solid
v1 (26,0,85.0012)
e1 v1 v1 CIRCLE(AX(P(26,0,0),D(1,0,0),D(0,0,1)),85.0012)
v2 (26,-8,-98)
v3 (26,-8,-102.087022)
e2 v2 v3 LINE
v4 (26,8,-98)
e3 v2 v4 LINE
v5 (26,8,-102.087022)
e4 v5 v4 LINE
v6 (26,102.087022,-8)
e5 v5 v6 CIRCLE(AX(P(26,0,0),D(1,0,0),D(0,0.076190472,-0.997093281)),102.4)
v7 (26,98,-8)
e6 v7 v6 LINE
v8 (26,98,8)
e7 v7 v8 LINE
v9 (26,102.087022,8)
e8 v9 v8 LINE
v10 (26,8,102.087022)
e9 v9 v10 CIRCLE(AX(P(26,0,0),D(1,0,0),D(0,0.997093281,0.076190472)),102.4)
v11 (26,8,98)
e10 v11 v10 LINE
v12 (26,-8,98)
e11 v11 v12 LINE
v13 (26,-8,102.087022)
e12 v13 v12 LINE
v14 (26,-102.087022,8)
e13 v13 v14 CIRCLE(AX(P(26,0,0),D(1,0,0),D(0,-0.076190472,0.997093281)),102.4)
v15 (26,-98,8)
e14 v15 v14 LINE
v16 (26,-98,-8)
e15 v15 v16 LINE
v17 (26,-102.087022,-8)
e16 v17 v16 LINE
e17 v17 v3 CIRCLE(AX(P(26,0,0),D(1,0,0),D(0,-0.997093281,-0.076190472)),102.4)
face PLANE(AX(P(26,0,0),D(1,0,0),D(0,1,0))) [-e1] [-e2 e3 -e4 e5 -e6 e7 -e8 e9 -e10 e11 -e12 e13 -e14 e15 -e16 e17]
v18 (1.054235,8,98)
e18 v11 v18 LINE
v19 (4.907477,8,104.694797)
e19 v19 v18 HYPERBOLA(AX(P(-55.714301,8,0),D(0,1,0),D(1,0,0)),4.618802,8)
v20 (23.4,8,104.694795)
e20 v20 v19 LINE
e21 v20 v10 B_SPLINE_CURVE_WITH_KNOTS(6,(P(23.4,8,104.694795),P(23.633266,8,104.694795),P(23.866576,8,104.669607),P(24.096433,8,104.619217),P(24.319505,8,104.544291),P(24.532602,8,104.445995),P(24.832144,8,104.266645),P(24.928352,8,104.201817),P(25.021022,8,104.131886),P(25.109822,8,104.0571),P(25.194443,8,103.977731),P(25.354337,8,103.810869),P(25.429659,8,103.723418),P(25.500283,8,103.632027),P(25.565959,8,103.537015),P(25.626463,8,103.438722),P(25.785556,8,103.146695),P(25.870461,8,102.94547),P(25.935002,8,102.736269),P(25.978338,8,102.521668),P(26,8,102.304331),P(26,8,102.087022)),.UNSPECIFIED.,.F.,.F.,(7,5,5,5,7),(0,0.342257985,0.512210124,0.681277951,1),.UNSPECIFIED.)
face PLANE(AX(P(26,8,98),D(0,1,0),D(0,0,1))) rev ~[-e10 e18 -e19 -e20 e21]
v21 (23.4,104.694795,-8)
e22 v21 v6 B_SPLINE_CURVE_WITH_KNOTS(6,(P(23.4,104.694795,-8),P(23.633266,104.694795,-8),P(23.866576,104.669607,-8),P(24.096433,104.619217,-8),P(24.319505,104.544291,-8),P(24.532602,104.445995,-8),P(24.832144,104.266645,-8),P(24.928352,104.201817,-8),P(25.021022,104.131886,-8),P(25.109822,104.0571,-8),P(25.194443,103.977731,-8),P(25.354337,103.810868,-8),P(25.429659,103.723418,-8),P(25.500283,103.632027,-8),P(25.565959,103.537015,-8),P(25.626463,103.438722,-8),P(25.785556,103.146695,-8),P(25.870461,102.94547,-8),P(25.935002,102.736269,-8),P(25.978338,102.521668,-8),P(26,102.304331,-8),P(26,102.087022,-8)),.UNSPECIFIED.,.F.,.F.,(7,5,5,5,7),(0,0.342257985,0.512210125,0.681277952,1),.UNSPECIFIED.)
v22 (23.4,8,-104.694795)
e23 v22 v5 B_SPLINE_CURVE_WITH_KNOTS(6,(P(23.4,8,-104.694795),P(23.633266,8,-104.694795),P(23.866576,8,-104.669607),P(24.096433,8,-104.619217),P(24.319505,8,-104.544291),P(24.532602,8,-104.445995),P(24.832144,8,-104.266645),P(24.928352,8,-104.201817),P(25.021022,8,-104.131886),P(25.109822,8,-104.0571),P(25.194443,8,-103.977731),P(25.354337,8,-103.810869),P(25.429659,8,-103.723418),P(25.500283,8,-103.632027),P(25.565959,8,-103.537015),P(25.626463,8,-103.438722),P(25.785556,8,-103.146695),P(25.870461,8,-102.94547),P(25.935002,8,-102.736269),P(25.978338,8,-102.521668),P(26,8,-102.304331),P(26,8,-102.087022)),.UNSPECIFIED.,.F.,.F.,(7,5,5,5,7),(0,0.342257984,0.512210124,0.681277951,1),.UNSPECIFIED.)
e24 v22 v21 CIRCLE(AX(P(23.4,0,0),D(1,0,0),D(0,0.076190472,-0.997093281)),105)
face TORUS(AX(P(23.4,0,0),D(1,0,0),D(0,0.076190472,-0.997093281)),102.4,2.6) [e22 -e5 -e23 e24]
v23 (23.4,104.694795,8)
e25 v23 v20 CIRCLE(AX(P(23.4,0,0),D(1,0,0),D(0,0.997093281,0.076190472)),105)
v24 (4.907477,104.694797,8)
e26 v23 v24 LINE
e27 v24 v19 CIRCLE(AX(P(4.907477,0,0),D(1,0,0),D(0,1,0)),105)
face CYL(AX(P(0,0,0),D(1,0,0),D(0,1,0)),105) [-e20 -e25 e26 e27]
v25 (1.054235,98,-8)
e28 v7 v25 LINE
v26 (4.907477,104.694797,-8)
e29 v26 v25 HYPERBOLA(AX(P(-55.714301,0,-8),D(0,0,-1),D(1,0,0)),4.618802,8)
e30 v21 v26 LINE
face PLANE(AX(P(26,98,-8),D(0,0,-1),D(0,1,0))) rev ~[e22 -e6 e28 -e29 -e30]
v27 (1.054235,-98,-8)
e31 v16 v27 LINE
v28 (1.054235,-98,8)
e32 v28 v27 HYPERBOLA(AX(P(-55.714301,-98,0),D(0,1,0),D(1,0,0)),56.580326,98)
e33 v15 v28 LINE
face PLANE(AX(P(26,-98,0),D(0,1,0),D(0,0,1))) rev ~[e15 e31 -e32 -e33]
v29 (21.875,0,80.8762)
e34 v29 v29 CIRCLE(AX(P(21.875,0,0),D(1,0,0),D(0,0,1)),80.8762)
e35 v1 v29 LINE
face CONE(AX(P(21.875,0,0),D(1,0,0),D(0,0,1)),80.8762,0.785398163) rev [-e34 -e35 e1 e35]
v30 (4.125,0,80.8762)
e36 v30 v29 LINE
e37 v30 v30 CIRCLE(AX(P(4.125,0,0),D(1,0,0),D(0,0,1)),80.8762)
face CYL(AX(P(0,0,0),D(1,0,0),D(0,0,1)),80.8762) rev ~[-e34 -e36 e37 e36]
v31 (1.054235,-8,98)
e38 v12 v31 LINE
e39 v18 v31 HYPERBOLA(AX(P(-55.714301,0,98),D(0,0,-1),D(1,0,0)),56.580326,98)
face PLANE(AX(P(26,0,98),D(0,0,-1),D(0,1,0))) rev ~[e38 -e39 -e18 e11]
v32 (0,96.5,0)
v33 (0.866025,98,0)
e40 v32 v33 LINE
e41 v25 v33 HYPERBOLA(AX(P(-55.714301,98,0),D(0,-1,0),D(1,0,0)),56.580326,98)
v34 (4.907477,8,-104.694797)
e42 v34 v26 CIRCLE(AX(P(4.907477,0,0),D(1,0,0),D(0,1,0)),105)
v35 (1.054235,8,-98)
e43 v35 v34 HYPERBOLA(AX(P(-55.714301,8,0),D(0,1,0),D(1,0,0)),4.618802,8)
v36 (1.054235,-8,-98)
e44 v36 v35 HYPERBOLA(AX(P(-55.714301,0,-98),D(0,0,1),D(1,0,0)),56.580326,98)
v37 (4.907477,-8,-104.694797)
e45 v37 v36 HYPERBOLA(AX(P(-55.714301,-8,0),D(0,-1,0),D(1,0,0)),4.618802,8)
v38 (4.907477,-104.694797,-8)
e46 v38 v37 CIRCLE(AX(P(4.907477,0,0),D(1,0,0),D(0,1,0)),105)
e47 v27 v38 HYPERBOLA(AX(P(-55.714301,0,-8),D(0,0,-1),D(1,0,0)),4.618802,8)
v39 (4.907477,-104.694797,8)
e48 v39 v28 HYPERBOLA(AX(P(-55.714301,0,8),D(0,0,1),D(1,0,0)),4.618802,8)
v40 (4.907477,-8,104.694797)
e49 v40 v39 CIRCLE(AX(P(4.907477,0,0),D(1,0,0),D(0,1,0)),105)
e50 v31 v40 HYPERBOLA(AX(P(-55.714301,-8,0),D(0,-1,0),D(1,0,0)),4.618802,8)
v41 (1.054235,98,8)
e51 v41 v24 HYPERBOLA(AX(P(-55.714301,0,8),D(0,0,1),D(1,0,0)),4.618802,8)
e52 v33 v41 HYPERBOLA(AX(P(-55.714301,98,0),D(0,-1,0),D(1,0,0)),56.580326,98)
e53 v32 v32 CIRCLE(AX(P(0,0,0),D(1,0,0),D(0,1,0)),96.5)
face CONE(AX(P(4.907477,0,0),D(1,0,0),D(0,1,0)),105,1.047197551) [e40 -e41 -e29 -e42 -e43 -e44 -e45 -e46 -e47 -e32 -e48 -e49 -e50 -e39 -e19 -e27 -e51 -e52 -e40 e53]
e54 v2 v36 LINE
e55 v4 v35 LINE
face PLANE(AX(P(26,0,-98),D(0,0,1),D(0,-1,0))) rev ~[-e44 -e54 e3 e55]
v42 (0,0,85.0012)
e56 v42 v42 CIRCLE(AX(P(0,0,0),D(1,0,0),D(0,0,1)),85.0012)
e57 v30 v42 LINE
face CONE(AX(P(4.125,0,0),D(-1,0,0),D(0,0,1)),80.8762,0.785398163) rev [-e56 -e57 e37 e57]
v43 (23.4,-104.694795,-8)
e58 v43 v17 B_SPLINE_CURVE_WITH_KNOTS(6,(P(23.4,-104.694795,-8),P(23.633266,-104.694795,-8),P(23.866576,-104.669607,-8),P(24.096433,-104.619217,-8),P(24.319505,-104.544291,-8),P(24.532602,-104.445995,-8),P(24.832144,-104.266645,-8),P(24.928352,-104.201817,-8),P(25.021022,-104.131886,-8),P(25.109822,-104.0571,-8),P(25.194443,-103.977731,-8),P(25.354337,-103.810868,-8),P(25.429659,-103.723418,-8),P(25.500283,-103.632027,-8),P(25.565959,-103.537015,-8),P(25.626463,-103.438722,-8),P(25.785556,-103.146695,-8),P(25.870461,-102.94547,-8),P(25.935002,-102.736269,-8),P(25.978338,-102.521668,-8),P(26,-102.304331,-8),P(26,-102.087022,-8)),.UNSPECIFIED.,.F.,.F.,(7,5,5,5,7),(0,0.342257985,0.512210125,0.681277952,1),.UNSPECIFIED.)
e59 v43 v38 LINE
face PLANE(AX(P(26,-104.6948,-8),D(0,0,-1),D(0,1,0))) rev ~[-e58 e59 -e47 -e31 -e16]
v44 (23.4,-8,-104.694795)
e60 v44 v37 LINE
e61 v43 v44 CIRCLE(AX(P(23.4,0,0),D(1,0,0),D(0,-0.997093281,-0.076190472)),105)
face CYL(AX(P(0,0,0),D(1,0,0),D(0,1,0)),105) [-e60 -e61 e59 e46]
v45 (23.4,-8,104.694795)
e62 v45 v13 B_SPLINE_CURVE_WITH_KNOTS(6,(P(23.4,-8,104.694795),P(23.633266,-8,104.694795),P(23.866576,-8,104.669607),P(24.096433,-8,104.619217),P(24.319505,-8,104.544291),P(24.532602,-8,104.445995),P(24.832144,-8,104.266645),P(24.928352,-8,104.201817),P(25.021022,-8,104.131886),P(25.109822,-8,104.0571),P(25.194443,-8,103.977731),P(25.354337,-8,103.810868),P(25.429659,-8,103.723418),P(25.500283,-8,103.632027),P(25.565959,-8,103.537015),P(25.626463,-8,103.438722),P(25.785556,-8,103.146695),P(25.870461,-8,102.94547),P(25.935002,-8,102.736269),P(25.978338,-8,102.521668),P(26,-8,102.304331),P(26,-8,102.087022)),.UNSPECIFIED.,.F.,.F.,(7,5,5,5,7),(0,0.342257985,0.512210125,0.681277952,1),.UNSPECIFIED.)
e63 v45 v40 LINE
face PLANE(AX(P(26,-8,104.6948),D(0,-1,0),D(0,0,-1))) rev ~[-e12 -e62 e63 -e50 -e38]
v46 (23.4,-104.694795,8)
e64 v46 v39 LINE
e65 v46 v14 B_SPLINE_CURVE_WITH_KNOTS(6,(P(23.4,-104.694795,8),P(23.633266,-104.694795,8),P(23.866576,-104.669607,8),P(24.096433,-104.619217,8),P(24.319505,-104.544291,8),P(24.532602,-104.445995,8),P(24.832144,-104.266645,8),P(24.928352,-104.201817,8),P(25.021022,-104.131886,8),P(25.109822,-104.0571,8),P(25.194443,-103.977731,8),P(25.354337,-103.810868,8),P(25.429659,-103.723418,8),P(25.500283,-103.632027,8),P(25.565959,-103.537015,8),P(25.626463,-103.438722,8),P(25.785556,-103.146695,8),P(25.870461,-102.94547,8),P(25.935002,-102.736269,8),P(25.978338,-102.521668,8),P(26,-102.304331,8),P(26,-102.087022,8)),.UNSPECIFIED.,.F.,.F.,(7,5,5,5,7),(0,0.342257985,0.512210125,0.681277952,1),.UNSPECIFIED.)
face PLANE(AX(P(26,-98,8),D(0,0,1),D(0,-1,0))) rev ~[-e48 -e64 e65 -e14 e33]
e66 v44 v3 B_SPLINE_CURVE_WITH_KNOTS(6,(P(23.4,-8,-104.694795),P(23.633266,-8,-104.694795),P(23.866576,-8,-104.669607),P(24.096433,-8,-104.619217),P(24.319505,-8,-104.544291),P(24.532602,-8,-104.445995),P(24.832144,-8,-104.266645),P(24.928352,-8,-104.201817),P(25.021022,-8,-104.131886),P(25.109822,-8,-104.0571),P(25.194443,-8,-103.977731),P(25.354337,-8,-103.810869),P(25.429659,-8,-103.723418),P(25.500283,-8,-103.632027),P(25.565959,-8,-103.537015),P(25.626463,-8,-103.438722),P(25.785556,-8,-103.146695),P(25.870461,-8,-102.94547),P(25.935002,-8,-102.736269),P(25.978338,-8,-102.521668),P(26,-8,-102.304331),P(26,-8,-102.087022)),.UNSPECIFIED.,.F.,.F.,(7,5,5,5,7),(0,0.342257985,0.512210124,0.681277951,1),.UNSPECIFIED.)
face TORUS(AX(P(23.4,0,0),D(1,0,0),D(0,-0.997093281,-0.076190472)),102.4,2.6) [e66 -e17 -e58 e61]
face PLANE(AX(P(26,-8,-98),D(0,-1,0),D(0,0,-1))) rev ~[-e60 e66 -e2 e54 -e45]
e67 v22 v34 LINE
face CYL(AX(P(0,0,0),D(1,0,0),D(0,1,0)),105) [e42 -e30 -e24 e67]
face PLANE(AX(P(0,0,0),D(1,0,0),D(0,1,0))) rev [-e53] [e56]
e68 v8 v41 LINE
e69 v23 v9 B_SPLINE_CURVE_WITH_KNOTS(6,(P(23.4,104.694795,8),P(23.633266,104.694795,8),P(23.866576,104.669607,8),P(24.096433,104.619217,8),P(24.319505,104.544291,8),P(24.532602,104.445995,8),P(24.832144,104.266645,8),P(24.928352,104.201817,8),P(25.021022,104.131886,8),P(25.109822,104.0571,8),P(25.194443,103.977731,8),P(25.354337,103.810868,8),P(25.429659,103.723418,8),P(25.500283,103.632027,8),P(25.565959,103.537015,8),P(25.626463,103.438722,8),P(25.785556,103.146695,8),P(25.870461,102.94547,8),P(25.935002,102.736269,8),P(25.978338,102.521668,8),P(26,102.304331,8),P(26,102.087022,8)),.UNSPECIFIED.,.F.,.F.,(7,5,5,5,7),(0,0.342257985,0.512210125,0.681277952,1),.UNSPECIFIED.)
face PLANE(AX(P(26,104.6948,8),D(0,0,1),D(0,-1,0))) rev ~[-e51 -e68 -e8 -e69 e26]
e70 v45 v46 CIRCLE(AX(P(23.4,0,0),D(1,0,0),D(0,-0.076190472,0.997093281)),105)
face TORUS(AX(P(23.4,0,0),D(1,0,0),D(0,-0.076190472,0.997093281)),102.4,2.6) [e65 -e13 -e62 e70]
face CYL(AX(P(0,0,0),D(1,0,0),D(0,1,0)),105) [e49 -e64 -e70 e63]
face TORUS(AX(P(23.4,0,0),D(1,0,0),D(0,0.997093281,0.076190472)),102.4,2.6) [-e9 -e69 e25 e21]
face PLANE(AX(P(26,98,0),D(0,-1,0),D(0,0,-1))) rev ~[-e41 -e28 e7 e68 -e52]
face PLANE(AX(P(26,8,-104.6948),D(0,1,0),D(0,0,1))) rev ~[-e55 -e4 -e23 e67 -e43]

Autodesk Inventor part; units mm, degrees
ref_plane "YZ Plane" through (0, 0, 0) normal (1, 0, 0) x (0, 1, 0)
ref_plane "XZ Plane" through (0, 0, 0) normal (0, 1, 0) x (-1, 0, 0)
sketch "Sketch1" plane through (0, 0, 0) normal (0, 0, 1) x (1, 0, 0)
  line L0 (0, 0) -> (26, 0)
  line L1 (0, 0) -> (0, 105)
  line L2 (0, 105) -> (26, 105)
  line L3 (26, 105) -> (26, 0)
  line L4 (0, 126) -> (0, -21) projected
  line L5 (-5.2, 0) -> (31.2, 0) projected
  dimension "d1" = 210
  dimension "d2" = 26
revolve "Body" add sketch "Sketch1" angle 360 about axis through (0, 0, 0) along (1, 0, 0)
sketch "Sketch2" plane through (0, 0, 0) normal (-1, 0, 0) x (0, 0, 1)
  circle A0 centre (0, 0) radius 105 projected
  point P0 (0, 0)
hole "Thread" at (0, 0, 0) direction (1, 0, 0) diameter 161.7524 end through all thread size "M165x3" class "6H" standard "ISO Metric profile"
chamfer "Chamfer1" distance 8.5 angle 30 1 edges at (0, -105, 0) measured on face at (0, 48.5251, -83.6903)
sketch "Sketch3" plane through (26, 0, 0) normal (1, 0, 0) x (0, 0, -1)
  circle A0 centre (0, 0) radius 105 projected
  line L0 (-8, 104.6948) -> (-8, 98)
  line L1 (-8, 98) -> (8, 98)
  line L2 (8, 98) -> (8, 104.6948)
  line L3 (0, -147) -> (0, 147) projected
  line L4 (-147, 0) -> (147, 0) projected
  dimension "d12" = 8
  dimension "d13" = 8
  dimension "d14" = 98
extrude "Groove1" cut sketch "Sketch3" against normal through all contours L2 L1 L3 A0 | L3 L1 L0 A0
pattern_circular "Grooves1" count 4 over 360 about axis through (-10, 0, 0) along (1, 0, 0) of "Groove1"
fillet "Fillet1" radius 2.6 4 edges at (26, 74.2462, 74.2462) (26, 74.2462, -74.2462) (26, -74.2462, -74.2462) (26, -74.2462, 74.2462)
chamfer "Chamfer2" distance 4.125 angle 45 1 edges at (26, 0, -80.8762) measured on face at (26, -86.7774, -38.7468)
chamfer "Chamfer3" distance 4.125 angle 45 1 edges at (0, 0, -80.8762) measured on face at (0, 90.9647, -4.5778)
ref_plane "Work Plane1" through (298.1208, 0, 0) normal (0, 1, 0) x (-1, 0, 0)
equation "\"d1\" = SD2"
equation "\"d2\" = KOH"
equation "\"d12\" = 0.5 * SNB"
equation "\"d13\" = 0.5 * SNB"
equation "\"d14\" = 0.5 * SD2 - SNT"
equation "\"d10\" = -0.5 * LADI + 0.5 * SD2"
equation "\"d11\" = FAWI2"
equation "\"d40\" = -0.5 * LADI + 0.5 * SD2"
equation "\"d18\" = RR"
equation "\"d19\" = 0.025 * NND"
equation "\"d41\" = 0.025 * NND"
equation "\"d21\" = 0.025 * NND"
equation "\"d42\" = 0.025 * NND"
equation "\"NND\" = 165"
equation "\"KOH\" = 26"
equation "\"SD2\" = 210"
equation "\"SNB\" = 16"
equation "\"SNT\" = 7"
equation "\"LADI\" = 193"
equation "\"RR\" = 2.6"
equation "\"FAWI2\" = 30deg"
equation "\"GUL\" = 0.61345 * PTC"
equation "\"THREADDIA\" = 165"
equation "\"TOA\" = 30deg"
equation "\"PTC\" = 3"
equation "\"GAL\" = 0.61345 * PTC"
equation "\"GD1\" = THREADDIA - 1.2269 * PTC"
properties part number "DIN 981 - KM 33" material "Steel, Mild"
